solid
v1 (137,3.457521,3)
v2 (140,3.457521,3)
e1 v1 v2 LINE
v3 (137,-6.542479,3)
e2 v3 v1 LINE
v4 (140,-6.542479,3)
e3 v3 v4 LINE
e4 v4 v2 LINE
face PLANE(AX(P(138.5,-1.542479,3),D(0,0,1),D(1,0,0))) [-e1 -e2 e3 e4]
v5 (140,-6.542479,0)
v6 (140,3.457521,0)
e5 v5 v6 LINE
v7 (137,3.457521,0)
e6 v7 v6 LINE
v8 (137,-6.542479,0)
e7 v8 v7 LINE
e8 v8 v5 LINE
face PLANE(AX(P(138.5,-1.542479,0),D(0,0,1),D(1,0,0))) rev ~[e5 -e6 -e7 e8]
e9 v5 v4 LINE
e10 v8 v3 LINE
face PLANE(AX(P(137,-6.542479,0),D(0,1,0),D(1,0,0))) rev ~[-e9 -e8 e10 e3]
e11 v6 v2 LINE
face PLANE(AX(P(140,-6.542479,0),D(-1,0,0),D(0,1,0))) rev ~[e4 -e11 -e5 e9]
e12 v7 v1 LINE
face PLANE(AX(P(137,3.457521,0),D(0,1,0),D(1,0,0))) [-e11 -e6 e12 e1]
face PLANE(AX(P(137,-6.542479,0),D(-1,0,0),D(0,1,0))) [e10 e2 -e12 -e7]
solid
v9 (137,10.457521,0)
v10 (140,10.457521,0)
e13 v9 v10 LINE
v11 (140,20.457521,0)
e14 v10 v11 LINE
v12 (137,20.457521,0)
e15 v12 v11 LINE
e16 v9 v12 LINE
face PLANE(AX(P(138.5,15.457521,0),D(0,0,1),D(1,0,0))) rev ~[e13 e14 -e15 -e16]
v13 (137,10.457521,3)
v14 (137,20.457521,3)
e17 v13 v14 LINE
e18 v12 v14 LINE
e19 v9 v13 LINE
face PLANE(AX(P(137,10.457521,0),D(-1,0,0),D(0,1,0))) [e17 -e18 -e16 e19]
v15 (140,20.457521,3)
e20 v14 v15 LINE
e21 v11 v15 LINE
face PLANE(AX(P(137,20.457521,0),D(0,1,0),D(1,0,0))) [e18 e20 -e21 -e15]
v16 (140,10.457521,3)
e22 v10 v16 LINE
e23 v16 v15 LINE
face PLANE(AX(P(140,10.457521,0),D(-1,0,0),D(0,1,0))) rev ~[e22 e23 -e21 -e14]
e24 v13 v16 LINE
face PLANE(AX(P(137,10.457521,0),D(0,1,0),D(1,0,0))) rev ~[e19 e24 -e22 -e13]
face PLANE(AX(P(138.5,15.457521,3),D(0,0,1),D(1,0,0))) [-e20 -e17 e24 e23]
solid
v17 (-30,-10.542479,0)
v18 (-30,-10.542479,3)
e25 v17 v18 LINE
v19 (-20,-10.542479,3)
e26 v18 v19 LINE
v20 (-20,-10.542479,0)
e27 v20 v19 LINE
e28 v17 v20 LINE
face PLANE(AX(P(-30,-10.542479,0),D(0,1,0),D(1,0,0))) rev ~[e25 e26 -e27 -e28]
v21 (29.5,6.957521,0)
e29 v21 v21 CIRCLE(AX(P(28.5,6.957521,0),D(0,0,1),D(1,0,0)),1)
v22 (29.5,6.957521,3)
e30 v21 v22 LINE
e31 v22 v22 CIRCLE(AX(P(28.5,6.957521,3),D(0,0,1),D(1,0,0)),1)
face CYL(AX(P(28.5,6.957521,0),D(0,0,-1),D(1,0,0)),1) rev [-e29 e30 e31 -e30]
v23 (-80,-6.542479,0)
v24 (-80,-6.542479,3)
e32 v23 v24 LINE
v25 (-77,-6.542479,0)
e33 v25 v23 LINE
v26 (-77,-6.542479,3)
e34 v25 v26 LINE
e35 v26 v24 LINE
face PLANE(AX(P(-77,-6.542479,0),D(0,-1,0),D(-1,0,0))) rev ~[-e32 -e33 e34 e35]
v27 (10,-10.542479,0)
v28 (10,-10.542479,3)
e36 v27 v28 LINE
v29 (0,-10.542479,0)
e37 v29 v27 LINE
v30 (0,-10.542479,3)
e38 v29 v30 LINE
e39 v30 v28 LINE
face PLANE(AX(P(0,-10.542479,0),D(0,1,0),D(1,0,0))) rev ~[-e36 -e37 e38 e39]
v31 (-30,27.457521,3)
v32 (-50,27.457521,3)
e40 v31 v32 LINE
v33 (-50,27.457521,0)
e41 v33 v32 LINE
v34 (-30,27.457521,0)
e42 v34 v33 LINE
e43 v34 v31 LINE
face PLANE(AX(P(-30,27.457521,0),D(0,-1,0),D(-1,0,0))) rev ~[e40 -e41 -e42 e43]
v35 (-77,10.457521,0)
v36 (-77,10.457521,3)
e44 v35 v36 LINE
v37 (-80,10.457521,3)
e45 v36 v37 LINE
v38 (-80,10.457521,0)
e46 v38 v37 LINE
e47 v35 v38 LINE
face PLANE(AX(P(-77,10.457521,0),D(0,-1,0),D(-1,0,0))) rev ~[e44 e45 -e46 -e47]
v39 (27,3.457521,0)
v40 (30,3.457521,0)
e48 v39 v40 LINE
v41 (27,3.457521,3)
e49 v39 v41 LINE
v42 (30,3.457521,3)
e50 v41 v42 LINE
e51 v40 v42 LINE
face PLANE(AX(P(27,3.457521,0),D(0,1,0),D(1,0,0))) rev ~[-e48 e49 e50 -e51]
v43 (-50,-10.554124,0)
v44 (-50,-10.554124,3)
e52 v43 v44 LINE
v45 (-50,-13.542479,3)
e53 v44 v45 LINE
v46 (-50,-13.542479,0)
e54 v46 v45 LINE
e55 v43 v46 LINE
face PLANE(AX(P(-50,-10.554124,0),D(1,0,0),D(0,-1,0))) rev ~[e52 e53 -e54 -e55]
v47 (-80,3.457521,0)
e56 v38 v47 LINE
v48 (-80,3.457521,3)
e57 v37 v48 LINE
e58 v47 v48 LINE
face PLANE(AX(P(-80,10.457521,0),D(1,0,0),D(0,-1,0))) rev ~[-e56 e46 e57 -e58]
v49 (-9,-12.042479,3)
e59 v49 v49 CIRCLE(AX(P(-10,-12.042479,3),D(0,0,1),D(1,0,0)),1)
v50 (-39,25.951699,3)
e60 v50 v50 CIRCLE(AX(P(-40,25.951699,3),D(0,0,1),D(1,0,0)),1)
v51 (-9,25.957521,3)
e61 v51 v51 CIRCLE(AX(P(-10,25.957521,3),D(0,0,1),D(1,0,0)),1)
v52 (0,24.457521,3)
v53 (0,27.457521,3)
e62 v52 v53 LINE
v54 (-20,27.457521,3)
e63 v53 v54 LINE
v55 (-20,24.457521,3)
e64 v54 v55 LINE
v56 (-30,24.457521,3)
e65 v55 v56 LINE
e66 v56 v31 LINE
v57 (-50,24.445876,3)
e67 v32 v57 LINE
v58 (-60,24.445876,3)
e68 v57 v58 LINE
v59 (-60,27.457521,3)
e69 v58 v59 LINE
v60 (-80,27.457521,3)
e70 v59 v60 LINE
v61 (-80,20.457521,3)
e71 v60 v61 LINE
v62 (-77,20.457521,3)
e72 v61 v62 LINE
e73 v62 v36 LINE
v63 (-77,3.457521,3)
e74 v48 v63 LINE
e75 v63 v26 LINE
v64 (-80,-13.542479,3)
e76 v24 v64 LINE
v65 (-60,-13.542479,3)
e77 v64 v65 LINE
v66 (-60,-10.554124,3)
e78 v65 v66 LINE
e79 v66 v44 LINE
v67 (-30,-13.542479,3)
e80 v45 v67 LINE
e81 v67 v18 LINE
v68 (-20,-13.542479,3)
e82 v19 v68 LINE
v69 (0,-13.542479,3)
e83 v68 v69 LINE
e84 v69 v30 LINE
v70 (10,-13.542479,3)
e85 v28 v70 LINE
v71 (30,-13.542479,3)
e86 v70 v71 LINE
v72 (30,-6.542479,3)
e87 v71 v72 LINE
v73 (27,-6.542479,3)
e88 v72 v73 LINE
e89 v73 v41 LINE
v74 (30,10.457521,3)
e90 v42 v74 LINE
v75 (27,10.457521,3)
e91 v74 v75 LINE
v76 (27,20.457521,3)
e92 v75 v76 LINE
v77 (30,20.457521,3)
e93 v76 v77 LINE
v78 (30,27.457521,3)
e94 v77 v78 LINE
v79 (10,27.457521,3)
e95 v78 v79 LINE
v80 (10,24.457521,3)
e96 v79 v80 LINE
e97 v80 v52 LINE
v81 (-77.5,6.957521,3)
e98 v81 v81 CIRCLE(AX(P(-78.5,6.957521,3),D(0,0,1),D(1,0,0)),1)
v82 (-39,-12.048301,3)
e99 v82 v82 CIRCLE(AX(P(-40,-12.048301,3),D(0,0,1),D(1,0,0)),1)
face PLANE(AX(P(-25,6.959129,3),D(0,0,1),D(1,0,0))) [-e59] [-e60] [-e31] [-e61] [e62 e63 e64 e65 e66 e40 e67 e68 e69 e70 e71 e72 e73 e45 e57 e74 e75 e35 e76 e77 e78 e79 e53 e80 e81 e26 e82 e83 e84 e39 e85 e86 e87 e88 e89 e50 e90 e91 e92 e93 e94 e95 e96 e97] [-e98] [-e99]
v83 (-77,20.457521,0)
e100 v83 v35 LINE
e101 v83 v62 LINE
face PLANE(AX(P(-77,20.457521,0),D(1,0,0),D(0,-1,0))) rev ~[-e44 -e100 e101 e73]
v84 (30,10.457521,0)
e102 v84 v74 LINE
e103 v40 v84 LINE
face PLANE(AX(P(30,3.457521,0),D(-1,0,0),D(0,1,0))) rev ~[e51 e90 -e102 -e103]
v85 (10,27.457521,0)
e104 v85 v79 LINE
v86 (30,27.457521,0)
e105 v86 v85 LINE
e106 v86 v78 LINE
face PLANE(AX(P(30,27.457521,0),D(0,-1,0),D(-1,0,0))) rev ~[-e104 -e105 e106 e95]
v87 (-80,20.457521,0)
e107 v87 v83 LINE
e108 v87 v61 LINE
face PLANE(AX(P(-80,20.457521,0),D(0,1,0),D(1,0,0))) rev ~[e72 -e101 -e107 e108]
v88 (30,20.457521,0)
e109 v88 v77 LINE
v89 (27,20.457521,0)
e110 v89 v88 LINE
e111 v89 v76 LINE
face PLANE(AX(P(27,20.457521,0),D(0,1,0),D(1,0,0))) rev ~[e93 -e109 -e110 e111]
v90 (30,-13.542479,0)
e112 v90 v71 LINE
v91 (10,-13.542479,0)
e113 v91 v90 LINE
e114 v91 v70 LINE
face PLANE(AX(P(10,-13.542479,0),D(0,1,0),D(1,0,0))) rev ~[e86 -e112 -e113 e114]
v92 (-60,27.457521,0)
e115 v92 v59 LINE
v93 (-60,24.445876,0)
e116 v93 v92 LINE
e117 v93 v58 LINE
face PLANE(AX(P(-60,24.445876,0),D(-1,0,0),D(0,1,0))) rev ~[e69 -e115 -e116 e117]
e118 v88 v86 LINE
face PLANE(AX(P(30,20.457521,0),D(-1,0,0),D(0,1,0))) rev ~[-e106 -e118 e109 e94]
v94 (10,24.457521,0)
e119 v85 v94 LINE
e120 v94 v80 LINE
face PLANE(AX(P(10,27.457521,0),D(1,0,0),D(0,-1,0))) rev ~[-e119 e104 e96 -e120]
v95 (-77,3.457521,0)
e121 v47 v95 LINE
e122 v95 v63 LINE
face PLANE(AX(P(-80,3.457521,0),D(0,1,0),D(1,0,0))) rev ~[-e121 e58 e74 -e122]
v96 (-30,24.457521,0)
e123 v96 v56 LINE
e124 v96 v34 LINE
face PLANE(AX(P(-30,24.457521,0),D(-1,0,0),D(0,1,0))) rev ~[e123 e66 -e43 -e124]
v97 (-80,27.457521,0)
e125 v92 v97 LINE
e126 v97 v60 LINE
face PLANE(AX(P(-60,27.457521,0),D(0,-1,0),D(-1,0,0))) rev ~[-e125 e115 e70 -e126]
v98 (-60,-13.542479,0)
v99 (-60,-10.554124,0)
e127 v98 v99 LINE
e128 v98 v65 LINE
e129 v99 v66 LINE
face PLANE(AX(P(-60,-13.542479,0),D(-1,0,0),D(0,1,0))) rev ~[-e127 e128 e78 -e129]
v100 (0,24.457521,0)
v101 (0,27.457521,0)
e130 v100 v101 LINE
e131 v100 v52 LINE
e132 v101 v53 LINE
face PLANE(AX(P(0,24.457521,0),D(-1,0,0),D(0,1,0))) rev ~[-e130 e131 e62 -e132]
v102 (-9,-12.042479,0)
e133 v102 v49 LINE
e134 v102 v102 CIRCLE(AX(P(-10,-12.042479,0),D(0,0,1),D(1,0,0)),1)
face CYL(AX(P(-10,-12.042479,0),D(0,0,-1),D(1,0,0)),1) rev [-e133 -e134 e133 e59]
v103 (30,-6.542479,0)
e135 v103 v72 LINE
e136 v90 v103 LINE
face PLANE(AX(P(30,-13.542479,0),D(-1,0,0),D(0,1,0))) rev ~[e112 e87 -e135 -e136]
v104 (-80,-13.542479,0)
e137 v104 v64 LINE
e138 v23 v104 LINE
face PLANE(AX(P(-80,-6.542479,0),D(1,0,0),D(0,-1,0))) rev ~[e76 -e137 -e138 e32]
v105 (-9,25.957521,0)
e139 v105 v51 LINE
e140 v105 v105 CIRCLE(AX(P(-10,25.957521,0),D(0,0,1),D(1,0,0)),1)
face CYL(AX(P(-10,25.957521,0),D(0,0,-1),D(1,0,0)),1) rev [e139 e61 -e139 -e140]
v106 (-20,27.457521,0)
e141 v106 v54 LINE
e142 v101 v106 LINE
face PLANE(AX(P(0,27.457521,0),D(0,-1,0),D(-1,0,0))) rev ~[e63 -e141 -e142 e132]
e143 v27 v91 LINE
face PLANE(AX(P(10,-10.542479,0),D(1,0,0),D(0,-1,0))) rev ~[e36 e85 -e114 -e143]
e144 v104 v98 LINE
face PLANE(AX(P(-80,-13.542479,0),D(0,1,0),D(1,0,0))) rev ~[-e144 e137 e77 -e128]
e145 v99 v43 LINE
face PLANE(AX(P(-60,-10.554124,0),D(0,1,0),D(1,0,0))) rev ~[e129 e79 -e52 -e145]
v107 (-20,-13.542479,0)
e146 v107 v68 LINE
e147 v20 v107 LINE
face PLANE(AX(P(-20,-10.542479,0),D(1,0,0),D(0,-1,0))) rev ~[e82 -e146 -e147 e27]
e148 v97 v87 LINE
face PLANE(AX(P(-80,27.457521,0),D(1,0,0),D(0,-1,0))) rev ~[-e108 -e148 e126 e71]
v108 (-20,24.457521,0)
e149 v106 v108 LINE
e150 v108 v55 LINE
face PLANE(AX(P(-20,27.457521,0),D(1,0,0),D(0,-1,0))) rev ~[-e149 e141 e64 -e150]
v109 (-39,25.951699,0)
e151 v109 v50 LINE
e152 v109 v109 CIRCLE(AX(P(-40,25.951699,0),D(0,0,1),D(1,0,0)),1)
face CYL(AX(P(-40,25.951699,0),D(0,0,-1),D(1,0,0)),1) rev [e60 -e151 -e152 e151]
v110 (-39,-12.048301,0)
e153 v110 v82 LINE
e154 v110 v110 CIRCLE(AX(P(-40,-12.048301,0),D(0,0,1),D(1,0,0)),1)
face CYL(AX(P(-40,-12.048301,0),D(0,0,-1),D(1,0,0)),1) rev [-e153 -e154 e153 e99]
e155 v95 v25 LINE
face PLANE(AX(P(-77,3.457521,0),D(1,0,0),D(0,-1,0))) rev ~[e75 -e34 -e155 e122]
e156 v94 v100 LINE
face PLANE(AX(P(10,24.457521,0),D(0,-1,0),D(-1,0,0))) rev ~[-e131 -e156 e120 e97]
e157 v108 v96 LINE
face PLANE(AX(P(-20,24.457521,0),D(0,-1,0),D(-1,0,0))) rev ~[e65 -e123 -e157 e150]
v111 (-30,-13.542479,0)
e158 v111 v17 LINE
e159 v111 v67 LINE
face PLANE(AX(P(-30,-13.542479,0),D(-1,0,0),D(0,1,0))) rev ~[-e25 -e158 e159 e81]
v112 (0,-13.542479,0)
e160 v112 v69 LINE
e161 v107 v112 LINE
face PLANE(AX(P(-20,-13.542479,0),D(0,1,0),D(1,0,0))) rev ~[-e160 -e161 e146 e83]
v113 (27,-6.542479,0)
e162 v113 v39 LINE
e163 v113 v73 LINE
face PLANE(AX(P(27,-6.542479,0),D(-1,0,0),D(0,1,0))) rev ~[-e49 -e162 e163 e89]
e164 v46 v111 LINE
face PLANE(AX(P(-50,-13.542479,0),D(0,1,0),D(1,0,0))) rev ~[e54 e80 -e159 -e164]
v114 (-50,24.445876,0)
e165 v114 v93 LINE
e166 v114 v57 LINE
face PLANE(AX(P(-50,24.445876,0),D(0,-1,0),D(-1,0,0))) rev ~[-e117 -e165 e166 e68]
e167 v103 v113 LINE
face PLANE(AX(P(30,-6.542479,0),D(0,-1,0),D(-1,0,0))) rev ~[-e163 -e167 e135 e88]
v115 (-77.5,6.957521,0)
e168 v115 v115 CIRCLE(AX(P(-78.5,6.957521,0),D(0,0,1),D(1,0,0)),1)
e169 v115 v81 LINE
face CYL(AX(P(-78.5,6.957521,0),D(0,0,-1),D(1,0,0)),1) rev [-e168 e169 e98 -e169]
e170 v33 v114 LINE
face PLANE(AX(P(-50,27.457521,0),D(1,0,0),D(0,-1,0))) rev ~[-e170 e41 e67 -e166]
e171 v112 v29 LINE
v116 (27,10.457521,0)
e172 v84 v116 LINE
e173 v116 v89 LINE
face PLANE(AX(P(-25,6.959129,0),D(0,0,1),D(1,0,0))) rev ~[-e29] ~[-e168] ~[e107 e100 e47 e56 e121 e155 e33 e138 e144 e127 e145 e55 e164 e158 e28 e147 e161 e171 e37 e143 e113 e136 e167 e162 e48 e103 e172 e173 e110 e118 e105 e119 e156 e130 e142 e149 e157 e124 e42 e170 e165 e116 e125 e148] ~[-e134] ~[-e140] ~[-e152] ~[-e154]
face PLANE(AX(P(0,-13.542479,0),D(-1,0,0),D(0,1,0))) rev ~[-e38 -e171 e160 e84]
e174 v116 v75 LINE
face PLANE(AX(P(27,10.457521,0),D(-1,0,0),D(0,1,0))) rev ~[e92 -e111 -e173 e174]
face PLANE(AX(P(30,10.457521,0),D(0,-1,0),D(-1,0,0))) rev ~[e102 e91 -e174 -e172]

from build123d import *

# Parameters (mm, degrees)
F0_R     = 1
F0_W     = 3
F0_H     = 10
F1_DEPTH = 3


with BuildPart() as f1:
    # F0 (on Top) → F1 (new body)
    with BuildSketch(Plane.XY):
        Polygon((-60, 27.457521), (-80, 27.457521), (-80, 20.457521), (-77, 20.457521), (-77, 10.457521), (-80, 10.457521), (-80, 3.457521), (-77, 3.457521), (-77, -6.542479), (-80, -6.542479), (-80, -13.542479), (-60, -13.542479), (-60, -10.554124), (-50, -10.554124), (-50, -13.542479), (-30, -13.542479), (-30, -10.542479), (-20, -10.542479), (-20, -13.542479), (0, -13.542479), (0, -10.542479), (10, -10.542479), (10, -13.542479), (30, -13.542479), (30, -6.542479), (27, -6.542479), (27, 3.457521), (30, 3.457521), (30, 10.457521), (27, 10.457521), (27, 20.457521), (30, 20.457521), (30, 27.457521), (10, 27.457521), (10, 24.457521), (0, 24.457521), (0, 27.457521), (-20, 27.457521), (-20, 24.457521), (-30, 24.457521), (-30, 27.457521), (-50, 27.457521), (-50, 24.445876), (-60, 24.445876), align=None)
        with Locations((-40, -12.048301)):
            Circle(F0_R, mode=Mode.SUBTRACT)
        with Locations((-10, -12.042479)):
            Circle(F0_R, mode=Mode.SUBTRACT)
        with Locations((-78.5, 6.957521)):
            Circle(F0_R, mode=Mode.SUBTRACT)
        with Locations((28.5, 6.957521)):
            Circle(F0_R, mode=Mode.SUBTRACT)
        with Locations((-40, 25.951699)):
            Circle(F0_R, mode=Mode.SUBTRACT)
        with Locations((-10, 25.957521)):
            Circle(F0_R, mode=Mode.SUBTRACT)
        with Locations((138.5, -1.542479)):
            Rectangle(F0_W, F0_H)
        with Locations((138.5, 15.457521)):
            Rectangle(F0_W, F0_H)
    extrude(amount=F1_DEPTH)


solid = f1.part
